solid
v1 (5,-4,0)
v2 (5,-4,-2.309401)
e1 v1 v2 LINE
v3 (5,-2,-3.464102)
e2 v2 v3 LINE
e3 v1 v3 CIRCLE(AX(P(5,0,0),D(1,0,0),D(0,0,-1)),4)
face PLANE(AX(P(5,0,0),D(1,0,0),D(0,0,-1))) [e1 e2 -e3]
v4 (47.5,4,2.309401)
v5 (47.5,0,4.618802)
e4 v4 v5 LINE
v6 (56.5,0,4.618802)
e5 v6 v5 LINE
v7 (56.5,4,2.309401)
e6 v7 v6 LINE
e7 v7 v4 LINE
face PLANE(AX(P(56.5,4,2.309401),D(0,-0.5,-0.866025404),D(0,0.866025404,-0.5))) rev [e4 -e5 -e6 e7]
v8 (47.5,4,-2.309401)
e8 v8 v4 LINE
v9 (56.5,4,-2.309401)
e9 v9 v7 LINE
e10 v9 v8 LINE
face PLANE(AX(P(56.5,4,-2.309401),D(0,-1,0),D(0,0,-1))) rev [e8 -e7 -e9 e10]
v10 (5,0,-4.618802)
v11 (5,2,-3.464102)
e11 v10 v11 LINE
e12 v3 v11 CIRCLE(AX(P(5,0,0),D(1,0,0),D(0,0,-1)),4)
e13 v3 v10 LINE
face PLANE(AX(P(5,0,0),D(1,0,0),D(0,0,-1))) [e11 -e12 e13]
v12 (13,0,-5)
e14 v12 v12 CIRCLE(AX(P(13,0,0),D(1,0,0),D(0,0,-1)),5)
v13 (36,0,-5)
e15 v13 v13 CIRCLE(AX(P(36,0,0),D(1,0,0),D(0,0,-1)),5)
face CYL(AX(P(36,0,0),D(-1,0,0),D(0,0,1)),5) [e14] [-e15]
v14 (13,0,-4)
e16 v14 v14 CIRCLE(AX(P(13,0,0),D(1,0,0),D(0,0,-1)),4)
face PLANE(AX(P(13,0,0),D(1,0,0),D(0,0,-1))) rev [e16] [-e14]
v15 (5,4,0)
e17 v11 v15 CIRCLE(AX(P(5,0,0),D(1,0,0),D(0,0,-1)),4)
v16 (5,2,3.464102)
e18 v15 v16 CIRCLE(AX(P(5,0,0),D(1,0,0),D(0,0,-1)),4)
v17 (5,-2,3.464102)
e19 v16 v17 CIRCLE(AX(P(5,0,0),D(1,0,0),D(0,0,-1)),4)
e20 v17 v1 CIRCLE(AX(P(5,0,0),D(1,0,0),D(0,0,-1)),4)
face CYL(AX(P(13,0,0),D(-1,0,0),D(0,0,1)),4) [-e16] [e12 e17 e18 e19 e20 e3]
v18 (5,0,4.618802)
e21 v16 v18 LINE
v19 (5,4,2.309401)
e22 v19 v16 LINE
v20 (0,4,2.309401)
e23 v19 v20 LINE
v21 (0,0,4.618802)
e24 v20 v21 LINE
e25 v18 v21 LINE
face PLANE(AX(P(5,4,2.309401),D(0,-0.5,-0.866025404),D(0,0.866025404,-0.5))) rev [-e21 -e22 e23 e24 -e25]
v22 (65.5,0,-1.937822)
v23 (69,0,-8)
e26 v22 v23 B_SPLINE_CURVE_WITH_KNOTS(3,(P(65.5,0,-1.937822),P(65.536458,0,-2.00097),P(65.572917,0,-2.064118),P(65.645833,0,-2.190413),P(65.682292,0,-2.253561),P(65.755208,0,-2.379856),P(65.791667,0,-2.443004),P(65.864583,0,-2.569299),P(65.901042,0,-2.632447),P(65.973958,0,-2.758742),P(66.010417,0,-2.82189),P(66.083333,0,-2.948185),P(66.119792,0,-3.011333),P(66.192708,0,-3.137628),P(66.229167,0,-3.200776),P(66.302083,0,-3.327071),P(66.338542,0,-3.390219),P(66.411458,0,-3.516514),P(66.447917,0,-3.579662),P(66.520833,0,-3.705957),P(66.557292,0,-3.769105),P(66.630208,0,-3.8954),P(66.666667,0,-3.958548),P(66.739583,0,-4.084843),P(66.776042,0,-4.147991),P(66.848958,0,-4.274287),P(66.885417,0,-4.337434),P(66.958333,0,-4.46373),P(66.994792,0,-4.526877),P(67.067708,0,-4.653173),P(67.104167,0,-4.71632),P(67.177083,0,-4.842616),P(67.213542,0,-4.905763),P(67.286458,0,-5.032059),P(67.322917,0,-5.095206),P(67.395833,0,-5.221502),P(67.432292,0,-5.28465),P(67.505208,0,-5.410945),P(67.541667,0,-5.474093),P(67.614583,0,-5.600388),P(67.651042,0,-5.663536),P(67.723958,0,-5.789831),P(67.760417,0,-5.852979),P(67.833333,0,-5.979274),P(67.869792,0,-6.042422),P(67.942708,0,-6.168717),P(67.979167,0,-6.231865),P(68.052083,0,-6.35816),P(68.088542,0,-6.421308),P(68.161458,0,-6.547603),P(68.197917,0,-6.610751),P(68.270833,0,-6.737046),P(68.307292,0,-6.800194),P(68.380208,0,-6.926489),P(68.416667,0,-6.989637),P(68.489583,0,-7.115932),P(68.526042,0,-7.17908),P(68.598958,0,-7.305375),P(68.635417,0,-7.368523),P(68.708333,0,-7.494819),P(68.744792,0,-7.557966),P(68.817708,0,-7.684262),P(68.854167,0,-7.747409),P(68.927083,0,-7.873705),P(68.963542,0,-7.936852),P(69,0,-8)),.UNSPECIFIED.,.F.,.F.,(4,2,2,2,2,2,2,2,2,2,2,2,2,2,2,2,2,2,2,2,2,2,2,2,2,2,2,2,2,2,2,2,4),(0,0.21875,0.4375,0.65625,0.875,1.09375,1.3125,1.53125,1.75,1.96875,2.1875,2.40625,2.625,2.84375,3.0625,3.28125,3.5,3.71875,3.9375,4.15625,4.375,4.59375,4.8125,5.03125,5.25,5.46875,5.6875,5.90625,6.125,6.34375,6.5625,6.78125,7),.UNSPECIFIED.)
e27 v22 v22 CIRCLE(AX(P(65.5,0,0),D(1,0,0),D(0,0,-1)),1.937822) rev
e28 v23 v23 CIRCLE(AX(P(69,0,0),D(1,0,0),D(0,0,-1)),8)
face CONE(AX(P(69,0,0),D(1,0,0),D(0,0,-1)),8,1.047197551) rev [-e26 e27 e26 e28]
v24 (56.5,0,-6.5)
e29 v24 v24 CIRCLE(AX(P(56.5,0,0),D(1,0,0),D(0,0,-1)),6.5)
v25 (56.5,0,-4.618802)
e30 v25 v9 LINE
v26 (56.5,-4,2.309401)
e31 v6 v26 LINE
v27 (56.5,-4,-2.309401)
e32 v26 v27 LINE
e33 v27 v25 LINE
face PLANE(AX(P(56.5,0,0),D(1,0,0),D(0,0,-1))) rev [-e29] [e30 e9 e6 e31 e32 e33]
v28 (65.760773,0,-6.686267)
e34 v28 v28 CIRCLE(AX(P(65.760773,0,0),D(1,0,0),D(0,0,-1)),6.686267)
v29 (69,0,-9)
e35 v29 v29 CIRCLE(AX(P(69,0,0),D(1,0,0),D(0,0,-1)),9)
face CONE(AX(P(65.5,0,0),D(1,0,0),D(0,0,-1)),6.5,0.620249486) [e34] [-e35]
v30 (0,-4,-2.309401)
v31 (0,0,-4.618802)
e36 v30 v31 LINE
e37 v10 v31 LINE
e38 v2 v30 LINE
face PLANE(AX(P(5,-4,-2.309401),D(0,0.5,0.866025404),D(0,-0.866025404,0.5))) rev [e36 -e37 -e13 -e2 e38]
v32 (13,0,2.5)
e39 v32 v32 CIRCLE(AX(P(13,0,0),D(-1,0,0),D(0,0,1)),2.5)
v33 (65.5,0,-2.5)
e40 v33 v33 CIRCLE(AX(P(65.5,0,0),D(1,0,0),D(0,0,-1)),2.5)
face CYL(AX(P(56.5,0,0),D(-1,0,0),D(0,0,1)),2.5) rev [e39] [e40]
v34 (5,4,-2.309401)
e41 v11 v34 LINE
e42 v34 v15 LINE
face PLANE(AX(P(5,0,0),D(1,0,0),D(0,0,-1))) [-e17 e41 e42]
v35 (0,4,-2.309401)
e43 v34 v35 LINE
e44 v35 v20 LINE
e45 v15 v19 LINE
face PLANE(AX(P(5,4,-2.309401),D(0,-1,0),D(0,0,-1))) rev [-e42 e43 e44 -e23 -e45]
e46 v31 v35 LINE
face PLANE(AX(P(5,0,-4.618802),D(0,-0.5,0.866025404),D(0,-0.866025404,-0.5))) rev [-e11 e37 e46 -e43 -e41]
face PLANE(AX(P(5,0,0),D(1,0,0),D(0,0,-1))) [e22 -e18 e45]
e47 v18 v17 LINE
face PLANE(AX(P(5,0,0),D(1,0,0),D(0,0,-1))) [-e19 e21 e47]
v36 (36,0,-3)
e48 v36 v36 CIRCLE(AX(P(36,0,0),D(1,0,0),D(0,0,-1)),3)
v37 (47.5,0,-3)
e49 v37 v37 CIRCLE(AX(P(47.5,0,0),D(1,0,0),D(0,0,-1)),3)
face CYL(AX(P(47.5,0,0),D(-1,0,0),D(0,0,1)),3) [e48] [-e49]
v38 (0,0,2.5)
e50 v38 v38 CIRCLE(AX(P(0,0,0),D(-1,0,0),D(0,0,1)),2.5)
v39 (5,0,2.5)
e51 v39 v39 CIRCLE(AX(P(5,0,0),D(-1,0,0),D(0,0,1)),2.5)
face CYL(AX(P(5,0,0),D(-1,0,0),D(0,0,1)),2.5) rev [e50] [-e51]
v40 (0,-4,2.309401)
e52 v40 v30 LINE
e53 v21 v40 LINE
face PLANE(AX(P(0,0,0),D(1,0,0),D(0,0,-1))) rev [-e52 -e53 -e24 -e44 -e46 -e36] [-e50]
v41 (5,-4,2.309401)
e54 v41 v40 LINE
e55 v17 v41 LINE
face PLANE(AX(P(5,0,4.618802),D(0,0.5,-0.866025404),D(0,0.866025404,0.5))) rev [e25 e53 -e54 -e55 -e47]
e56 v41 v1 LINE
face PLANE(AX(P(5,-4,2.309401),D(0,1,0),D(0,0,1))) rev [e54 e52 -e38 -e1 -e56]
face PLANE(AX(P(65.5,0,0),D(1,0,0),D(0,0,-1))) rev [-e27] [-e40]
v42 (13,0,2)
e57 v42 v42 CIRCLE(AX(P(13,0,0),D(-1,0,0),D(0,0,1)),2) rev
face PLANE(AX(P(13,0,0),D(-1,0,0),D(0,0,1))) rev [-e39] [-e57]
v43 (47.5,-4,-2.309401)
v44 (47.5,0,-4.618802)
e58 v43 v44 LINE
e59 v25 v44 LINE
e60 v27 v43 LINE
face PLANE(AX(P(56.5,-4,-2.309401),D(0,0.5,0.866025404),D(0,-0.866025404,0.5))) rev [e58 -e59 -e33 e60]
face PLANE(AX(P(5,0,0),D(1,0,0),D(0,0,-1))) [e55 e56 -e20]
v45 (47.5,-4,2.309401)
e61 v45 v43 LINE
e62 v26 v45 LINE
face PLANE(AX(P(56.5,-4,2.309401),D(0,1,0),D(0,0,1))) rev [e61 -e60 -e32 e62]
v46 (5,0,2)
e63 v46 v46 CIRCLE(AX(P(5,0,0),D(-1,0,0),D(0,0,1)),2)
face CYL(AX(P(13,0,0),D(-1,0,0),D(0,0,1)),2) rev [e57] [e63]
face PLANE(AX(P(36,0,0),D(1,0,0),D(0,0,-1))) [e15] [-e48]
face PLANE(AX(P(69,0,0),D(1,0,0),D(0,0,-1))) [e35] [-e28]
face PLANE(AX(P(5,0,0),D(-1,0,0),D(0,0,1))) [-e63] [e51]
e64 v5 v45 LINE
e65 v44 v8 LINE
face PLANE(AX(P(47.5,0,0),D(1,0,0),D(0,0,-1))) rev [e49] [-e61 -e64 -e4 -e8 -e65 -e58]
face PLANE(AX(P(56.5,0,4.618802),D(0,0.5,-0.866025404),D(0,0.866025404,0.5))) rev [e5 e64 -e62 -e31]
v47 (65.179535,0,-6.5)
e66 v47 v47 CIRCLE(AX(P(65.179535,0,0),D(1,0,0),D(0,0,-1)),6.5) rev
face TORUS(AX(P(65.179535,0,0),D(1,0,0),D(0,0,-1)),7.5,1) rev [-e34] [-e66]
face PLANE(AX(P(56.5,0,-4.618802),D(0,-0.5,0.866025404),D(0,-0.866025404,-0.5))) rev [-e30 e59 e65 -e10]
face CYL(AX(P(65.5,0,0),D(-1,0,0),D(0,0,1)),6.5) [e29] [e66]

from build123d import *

# Parameters (mm, degrees)
EXTRUDE_1_DEPTH     = 5
SKETCH_2_R          = 4
EXTRUDE_2_DEPTH     = 8
SKETCH_3_R          = 5
EXTRUDE_3_DEPTH     = 23
SKETCH_4_R          = 3
EXTRUDE_4_DEPTH     = 11.5
EXTRUDE_5_DEPTH     = 9
SKETCH_6_R          = 2.5
CUT_EXTRUDE_1_DEPTH = 5
SKETCH_7_R          = 2
CUT_EXTRUDE_2_DEPTH = 8
SKETCH_8_R          = 2.5
CUT_EXTRUDE_3_DEPTH = 45.070965499
SKETCH_9_R          = 6.5
EXTRUDE_6_DEPTH     = 9
FILLET_1_R          = 1
SKETCH_11_R         = 8
CUT_EXTRUDE_4_DEPTH = 3.5
CUT_EXTRUDE_4_DRAFT = -60
CUT_EXTRUDE_START   = -10
SKETCH_12_R         = 2.5
CUT_EXTRUDE_5_DEPTH = 10


with BuildPart() as part:
    # 草图1 → 凸台-拉伸1 (new body)
    with BuildSketch(Plane(origin=(0, 0, 0), x_dir=(0, 0, -1), z_dir=(1, 0, 0))):
        Polygon((2.309401077, 4), (-2.309401077, 4), (-4.618802154, 0), (-2.309401077, -4), (2.309401077, -4), (4.618802154, 0), align=None)
    extrude(amount=EXTRUDE_1_DEPTH)

    # 草图2 → 凸台-拉伸2 (add)
    with BuildSketch(Plane(origin=(5, 0, 0), x_dir=(0, 0, -1), z_dir=(1, 0, 0))):
        with Locations(Location((0, 0, 0), (0, 0, 150))):
            Circle(SKETCH_2_R)
    extrude(amount=EXTRUDE_2_DEPTH)

    # 草图3 → 凸台-拉伸3 (add)
    with BuildSketch(Plane(origin=(13, 0, 0), x_dir=(0, 0, -1), z_dir=(1, 0, 0))):
        Circle(SKETCH_3_R)
    extrude(amount=EXTRUDE_3_DEPTH)

    # 草图4 → 凸台-拉伸4 (add)
    with BuildSketch(Plane(origin=(36, 0, 0), x_dir=(0, 0, -1), z_dir=(1, 0, 0))):
        Circle(SKETCH_4_R)
    extrude(amount=EXTRUDE_4_DEPTH)

    # 草图5 → 凸台-拉伸5 (add)
    with BuildSketch(Plane(origin=(47.5, 0, 0), x_dir=(0, 0, -1), z_dir=(1, 0, 0))):
        Polygon((2.309401077, 4), (-2.309401077, 4), (-4.618802154, 0), (-2.309401077, -4), (2.309401077, -4), (4.618802154, 0), align=None)
    extrude(amount=EXTRUDE_5_DEPTH)

    # 草图6 → 切除-拉伸1 (cut)
    with BuildSketch(Plane.ZY):
        Circle(SKETCH_6_R)
    extrude(amount=-CUT_EXTRUDE_1_DEPTH, mode=Mode.SUBTRACT)

    # 草图7 → 切除-拉伸2 (cut)
    with BuildSketch(Plane.ZY.offset(-5)):
        Circle(SKETCH_7_R)
    extrude(amount=-CUT_EXTRUDE_2_DEPTH, mode=Mode.SUBTRACT)

    # 草图8 → 切除-拉伸3 (cut, through all)
    with BuildSketch(Plane.ZY.offset(-13)):
        Circle(SKETCH_8_R)
    extrude(amount=-CUT_EXTRUDE_3_DEPTH, mode=Mode.SUBTRACT)

    # 草图9 → 凸台-拉伸6 (add)
    with BuildSketch(Plane(origin=(56.5, 0, 0), x_dir=(0, 0, -1), z_dir=(1, 0, 0))):
        Circle(SKETCH_9_R)
    extrude(amount=EXTRUDE_6_DEPTH)

    # 草图10 → 旋转1 (revolve)
    with BuildSketch(Plane(origin=(0, 0, 0), x_dir=(-1, 0, 0), z_dir=(0, 0, -1)), mode=Mode.PRIVATE) as revolve_1_sk:
        Polygon((-65.5, 0), (-69, 0), (-69, 9), (-65.5, 6.5), align=None)
    revolve(revolve_1_sk.sketch.rotate(Axis((65.5, 0, 0), (-1, 0, 0)), 90), axis=Axis((65.5, 0, 0), (-1, 0, 0)))

    # 圆角1
    fillet_1_edges = [part.edges().sort_by_distance(p)[0] for p in [
        (65.5, 0, 6.5),
    ]]
    fillet(fillet_1_edges, radius=FILLET_1_R)


with BuildPart() as cut_extrude_4_tool:
    # 草图11 → 切除-拉伸4 (with draft: the straight prism first)
    with BuildSketch(Plane(origin=(69, 0, 0), x_dir=(0, 0, -1), z_dir=(1, 0, 0))):
        Circle(SKETCH_11_R)
    extrude(amount=-CUT_EXTRUDE_4_DEPTH)
    # 切除-拉伸4: the draft: its side faces are tilted about the plane it starts from
    cut_extrude_4_sides = [cut_extrude_4_tool.faces().sort_by_distance(p)[0] for p in [
        (67.25, 0, 8),
    ]]
    draft(cut_extrude_4_sides, Plane(origin=(69, 0, 0), x_dir=(0, 0, -1), z_dir=(1, 0, 0)), CUT_EXTRUDE_4_DRAFT)


with BuildPart() as part_1:
    add(part.part)

    # 切除-拉伸4: cut by cut_extrude_4_tool
    add(cut_extrude_4_tool.part, mode=Mode.SUBTRACT)

    # 草图12 → 切除-拉伸5 (cut)
    with BuildSketch(Plane(origin=(65.5, 0, 0), x_dir=(0, 0, -1), z_dir=(1, 0, 0)).offset(CUT_EXTRUDE_START)):
        with Locations(Location((0, 0, 0), (0, 0, 180))):
            Circle(SKETCH_12_R)
    extrude(amount=CUT_EXTRUDE_5_DEPTH, mode=Mode.SUBTRACT)


solid = part_1.part
